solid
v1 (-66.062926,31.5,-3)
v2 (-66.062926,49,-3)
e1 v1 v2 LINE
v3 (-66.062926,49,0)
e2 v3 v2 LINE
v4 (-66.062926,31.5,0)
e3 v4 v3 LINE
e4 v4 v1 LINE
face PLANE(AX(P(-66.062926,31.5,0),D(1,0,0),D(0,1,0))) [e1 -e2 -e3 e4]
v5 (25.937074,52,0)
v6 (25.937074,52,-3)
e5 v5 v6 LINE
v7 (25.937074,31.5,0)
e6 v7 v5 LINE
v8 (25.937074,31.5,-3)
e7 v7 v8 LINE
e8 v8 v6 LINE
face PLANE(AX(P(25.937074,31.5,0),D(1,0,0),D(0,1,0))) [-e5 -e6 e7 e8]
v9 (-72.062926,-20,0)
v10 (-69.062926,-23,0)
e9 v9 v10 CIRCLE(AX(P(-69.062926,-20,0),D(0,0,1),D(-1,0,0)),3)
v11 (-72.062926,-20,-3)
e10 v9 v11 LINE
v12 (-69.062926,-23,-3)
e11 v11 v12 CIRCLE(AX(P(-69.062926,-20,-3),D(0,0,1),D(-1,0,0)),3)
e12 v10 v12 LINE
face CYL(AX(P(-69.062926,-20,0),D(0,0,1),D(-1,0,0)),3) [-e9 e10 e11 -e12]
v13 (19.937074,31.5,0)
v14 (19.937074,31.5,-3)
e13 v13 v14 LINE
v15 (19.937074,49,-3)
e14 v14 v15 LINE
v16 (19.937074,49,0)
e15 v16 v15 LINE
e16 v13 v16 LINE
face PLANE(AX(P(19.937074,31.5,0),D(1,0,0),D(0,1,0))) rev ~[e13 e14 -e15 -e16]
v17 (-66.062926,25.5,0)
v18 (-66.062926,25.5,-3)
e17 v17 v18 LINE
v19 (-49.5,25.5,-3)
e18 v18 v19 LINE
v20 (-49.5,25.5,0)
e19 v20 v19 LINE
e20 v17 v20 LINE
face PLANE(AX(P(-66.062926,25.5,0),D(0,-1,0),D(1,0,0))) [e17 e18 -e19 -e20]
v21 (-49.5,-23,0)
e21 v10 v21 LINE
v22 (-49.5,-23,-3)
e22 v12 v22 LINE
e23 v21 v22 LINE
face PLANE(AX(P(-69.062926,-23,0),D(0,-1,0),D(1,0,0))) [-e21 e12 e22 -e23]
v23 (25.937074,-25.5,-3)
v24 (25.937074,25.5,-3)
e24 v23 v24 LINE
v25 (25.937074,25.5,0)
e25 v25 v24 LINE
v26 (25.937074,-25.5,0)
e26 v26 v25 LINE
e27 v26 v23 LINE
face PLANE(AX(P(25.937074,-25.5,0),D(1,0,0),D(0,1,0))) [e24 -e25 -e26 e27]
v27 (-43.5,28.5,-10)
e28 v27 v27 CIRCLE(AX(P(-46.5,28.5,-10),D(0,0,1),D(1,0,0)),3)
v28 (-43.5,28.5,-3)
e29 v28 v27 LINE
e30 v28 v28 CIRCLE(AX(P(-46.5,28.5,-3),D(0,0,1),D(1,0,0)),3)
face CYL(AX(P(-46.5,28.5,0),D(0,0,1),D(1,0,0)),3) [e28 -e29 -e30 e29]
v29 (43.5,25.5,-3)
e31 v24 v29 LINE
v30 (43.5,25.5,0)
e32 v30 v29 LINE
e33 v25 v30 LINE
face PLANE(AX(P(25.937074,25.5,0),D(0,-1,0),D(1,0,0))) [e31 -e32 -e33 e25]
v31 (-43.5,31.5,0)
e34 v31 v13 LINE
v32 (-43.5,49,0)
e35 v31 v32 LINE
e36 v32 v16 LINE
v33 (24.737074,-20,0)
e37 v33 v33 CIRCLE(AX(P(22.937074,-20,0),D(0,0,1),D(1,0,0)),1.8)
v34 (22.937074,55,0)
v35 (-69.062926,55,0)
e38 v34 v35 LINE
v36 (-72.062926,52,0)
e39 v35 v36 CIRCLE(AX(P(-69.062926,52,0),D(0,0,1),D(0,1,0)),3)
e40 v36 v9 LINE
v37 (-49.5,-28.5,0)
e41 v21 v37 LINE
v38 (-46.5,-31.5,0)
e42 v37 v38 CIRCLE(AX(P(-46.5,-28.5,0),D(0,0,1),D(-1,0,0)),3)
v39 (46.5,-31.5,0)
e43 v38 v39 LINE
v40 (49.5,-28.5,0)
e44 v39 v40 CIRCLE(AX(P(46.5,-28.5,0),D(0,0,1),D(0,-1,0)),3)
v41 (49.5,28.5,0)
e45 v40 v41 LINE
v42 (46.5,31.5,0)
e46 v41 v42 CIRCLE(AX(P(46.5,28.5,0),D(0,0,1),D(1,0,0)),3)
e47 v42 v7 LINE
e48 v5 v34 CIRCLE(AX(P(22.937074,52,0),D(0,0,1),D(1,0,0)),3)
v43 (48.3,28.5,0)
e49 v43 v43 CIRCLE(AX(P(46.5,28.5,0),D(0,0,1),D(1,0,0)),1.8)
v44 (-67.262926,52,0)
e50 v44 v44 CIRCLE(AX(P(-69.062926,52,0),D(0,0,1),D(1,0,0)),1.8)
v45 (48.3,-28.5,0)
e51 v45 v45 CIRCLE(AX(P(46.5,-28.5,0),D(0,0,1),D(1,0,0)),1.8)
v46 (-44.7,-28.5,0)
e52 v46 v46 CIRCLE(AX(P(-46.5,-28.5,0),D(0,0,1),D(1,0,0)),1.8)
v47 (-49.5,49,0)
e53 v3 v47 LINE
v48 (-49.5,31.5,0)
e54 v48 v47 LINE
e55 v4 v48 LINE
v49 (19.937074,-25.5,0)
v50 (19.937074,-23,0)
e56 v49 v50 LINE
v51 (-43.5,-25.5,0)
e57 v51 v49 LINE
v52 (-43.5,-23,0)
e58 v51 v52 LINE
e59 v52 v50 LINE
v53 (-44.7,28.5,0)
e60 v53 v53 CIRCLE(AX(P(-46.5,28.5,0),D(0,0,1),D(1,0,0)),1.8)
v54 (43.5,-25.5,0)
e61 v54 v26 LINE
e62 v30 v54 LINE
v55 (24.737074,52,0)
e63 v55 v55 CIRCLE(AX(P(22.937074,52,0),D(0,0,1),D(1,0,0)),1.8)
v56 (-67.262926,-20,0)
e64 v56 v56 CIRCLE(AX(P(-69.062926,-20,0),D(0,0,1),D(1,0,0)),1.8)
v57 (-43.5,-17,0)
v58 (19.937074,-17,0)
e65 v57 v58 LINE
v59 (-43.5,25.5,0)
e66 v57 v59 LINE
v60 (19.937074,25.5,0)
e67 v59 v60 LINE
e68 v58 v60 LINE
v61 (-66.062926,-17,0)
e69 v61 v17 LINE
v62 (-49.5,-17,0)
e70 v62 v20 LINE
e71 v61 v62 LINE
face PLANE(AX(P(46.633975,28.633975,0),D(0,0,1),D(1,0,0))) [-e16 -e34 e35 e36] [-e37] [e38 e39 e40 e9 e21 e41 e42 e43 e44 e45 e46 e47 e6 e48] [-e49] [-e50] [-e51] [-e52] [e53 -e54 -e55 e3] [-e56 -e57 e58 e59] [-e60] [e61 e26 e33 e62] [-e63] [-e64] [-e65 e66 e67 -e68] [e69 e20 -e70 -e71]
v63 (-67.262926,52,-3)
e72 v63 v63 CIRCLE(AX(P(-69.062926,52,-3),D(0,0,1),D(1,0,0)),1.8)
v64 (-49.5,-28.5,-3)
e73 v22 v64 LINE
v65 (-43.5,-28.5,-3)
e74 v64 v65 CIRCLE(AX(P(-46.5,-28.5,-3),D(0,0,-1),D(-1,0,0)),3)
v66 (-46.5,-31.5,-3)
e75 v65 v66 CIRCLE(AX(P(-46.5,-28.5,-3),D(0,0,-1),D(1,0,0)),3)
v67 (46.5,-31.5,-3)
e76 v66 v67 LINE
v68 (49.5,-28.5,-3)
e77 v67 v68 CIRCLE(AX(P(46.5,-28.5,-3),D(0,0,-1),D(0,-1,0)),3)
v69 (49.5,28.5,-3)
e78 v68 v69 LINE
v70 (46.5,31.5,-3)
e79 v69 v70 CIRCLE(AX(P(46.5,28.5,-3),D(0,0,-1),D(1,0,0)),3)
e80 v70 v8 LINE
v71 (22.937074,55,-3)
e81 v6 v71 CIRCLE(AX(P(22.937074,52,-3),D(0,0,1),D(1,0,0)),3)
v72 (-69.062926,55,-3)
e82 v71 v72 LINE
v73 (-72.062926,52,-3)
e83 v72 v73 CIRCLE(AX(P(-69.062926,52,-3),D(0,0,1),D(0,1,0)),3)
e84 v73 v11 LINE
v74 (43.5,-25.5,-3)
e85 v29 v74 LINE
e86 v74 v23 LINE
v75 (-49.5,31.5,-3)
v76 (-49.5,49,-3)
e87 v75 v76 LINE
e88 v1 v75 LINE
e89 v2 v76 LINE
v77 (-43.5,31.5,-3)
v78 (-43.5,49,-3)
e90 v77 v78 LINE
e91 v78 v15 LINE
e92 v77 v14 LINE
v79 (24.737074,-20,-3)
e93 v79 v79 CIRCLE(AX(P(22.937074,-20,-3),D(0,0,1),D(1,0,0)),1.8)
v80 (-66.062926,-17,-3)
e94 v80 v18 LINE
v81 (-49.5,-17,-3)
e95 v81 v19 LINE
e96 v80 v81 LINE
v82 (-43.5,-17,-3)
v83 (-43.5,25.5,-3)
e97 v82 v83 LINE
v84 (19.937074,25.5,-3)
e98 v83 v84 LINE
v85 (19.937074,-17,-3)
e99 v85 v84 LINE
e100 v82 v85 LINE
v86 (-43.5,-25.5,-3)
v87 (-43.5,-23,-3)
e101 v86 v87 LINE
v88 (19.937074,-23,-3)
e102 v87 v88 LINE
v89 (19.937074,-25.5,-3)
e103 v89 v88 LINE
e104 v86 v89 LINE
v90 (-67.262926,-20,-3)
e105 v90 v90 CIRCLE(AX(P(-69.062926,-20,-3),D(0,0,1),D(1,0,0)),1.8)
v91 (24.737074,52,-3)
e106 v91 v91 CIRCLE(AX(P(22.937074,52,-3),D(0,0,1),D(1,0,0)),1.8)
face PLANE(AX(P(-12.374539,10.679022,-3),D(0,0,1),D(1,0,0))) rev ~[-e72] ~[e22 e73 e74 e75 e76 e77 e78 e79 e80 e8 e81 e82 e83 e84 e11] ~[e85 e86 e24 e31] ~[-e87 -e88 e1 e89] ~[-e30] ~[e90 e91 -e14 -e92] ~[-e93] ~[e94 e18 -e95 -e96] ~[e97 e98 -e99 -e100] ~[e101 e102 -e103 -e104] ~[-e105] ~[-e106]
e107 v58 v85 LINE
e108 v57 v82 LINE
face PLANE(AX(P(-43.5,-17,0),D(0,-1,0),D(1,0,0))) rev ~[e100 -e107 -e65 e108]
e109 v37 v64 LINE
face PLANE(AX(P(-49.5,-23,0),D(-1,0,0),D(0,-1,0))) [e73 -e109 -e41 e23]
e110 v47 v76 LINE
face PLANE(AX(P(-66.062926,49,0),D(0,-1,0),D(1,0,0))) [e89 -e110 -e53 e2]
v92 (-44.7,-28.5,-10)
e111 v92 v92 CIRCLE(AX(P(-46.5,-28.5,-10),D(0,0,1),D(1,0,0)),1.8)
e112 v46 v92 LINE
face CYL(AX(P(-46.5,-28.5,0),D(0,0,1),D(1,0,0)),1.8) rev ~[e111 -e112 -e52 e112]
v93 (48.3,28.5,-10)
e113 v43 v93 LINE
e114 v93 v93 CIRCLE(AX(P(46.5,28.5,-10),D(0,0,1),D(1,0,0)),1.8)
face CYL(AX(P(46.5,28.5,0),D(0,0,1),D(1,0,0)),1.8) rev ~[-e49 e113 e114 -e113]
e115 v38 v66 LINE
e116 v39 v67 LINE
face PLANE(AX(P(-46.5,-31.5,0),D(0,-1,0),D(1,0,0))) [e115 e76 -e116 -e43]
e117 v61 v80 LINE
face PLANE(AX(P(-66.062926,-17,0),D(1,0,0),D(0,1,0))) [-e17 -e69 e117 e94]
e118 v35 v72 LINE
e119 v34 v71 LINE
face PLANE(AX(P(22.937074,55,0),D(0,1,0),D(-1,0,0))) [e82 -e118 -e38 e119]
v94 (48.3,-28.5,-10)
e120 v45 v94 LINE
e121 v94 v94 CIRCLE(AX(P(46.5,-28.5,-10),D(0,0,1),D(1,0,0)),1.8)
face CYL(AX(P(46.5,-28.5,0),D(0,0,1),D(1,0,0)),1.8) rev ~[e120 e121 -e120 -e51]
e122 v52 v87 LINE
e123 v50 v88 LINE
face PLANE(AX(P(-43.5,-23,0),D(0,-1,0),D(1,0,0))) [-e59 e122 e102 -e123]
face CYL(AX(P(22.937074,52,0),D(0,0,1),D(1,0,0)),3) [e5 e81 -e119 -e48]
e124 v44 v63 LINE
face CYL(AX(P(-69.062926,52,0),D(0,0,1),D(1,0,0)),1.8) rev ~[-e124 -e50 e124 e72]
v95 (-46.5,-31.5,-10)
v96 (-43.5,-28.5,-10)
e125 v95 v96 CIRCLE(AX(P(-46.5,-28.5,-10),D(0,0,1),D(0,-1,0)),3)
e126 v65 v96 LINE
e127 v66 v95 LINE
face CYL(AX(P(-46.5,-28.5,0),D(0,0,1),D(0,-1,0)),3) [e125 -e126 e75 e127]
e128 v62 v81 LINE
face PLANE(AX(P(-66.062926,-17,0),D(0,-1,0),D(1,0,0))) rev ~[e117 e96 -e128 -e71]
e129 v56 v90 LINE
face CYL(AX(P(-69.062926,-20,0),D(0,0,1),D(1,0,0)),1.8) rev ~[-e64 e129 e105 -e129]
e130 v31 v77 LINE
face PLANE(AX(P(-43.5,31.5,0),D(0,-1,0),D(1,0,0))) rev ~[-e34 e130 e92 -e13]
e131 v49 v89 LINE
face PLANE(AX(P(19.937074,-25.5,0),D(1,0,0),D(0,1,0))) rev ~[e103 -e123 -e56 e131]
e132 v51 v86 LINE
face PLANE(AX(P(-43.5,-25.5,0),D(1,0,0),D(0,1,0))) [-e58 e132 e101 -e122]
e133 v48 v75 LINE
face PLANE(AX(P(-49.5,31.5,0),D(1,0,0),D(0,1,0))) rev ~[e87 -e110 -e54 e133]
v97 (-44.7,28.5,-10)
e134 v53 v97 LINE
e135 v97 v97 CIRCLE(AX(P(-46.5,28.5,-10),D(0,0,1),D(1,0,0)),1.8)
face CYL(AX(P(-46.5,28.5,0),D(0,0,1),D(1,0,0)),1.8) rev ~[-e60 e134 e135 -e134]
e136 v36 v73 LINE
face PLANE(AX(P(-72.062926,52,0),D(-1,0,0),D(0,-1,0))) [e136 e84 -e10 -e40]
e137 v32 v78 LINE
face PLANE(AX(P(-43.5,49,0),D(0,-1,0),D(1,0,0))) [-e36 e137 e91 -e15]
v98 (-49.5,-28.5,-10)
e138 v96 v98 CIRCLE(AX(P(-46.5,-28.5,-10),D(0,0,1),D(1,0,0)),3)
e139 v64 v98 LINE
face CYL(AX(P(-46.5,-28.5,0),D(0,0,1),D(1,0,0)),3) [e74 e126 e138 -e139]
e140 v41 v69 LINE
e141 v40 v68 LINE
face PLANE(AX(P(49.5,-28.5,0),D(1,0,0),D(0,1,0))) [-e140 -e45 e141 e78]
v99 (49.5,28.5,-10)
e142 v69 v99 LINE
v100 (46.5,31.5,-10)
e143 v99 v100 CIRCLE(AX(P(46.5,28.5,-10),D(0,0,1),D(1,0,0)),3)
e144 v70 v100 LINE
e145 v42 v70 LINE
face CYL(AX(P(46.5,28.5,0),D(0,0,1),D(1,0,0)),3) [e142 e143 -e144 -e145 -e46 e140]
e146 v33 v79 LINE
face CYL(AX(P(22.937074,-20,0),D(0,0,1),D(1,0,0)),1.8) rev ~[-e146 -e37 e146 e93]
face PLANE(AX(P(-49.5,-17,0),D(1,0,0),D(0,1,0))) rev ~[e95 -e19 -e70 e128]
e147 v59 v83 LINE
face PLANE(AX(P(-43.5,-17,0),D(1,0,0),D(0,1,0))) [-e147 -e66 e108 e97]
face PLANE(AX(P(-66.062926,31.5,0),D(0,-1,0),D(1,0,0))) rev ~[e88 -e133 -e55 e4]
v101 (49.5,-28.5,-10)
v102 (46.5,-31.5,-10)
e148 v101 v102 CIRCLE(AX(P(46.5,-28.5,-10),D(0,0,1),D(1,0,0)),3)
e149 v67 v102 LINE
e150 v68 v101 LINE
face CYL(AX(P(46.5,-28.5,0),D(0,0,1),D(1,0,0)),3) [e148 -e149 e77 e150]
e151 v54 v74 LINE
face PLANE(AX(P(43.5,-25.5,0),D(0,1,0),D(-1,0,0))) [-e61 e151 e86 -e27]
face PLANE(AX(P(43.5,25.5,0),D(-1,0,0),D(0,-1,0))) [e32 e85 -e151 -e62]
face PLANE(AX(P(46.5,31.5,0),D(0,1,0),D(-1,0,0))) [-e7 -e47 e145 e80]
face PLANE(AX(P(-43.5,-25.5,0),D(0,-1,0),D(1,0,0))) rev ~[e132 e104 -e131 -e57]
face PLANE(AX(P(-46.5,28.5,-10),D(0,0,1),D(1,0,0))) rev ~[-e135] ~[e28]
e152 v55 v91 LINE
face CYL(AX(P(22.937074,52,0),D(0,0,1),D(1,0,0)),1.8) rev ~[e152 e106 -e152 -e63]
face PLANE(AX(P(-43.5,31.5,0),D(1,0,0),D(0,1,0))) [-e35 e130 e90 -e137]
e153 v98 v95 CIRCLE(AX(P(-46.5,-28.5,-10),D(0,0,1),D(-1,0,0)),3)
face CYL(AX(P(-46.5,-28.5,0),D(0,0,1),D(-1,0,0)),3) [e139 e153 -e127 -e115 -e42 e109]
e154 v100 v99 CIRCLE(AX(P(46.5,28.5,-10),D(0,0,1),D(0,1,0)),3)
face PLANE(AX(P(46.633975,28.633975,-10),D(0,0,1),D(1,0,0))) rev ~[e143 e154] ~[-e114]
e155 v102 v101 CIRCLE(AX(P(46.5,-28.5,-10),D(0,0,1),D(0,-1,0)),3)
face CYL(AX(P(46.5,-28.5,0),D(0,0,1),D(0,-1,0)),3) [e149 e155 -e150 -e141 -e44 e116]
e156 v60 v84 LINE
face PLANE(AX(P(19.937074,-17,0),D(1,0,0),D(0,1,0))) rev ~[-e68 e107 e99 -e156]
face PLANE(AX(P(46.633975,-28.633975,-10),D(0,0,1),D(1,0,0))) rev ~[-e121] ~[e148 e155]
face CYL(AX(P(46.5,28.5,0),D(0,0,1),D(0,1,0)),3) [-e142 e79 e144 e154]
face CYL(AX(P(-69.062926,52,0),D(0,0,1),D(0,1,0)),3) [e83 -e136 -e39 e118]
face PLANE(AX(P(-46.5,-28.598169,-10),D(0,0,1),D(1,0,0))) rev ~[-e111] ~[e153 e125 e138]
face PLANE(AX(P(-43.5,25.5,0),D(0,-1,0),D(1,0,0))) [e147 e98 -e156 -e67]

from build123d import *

# Parameters (mm, degrees)
F0_W     = 63.4370741248
F0_H     = 2.5
F0_W_2   = 16.5629258752
F0_H_2   = 42.5
F0_R     = 3
F0_H_3   = 17.5
F0_R_2   = 1.8
F1_DEPTH = 3
F2_DEPTH = 10


with BuildPart() as f1:
    # F0 (on Top) → F1 (new body)
    with BuildSketch(Plane.XY):
        with BuildLine():
            ThreePointArc((-49.5, -28.5), (-46.5, -25.5), (-43.5, -28.5))
            ThreePointArc((-43.5, -28.5), (-44.3786796564, -30.6213203436), (-46.5, -31.5))
            Line((-46.5, -31.5), (19.9370741248, -31.5))
            Line((19.9370741248, -31.5), (25.9370741248, -31.5))
            Line((25.9370741248, -31.5), (46.5, -31.5))
            ThreePointArc((46.5, -31.5), (44.3786796564, -26.3786796564), (49.5, -28.5))
            Line((49.5, -28.5), (49.5, 28.5))
            ThreePointArc((49.5, 28.5), (44.3786796564, 26.3786796564), (46.5, 31.5))
            Line((46.5, 31.5), (25.9370741248, 31.5))
            Line((25.9370741248, 31.5), (25.9370741248, 52))
            ThreePointArc((25.9370741248, 52), (20.8157537813, 49.8786796564), (22.9370741248, 55))
            Line((22.9370741248, 55), (-69.0629258752, 55))
            ThreePointArc((-69.0629258752, 55), (-66.9416055316, 54.1213203436), (-66.0629258752, 52))
            ThreePointArc((-66.0629258752, 52), (-69.0629258752, 49), (-72.0629258752, 52))
            Line((-72.0629258752, 52), (-72.0629258752, -20))
            ThreePointArc((-72.0629258752, -20), (-69.0629258752, -17), (-66.0629258752, -20))
            ThreePointArc((-66.0629258752, -20), (-66.9416055316, -22.1213203436), (-69.0629258752, -23))
            Line((-69.0629258752, -23), (-49.5, -23))
            Line((-49.5, -23), (-49.5, -28.5))
        make_face()
        with Locations((-11.7814629376, -24.25)):
            Rectangle(F0_W, F0_H, mode=Mode.SUBTRACT)
        with Locations((-57.7814629376, 4.25)):
            Rectangle(F0_W_2, F0_H_2, mode=Mode.SUBTRACT)
        with Locations((-11.7814629376, 4.25)):
            Rectangle(F0_W, F0_H_2, mode=Mode.SUBTRACT)
        with Locations((22.9370741248, -20)):
            Circle(F0_R, mode=Mode.SUBTRACT)
        Polygon((25.9370741248, -25.5), (25.9370741248, -20), (25.9370741248, 25.5), (43.5, 25.5), (43.5, -25.5), align=None, mode=Mode.SUBTRACT)
        with Locations((-46.5, 28.5)):
            Circle(F0_R, mode=Mode.SUBTRACT)
        with Locations((-57.7814629376, 40.25)):
            Rectangle(F0_W_2, F0_H_3, mode=Mode.SUBTRACT)
        with Locations((-11.7814629376, 40.25)):
            Rectangle(F0_W, F0_H_3, mode=Mode.SUBTRACT)
        with BuildLine():
            ThreePointArc((-72.0629258752, -20), (-71.1842462187, -22.1213203436), (-69.0629258752, -23))
            ThreePointArc((-69.0629258752, -23), (-66.9416055316, -22.1213203436), (-66.0629258752, -20))
            ThreePointArc((-66.0629258752, -20), (-69.0629258752, -17), (-72.0629258752, -20))
        make_face()
        with Locations((-69.0629258752, -20)):
            Circle(F0_R_2, mode=Mode.SUBTRACT)
        with Locations((22.9370741248, -20)):
            Circle(F0_R)
        with Locations((22.9370741248, -20)):
            Circle(F0_R_2, mode=Mode.SUBTRACT)
        with BuildLine():
            ThreePointArc((25.9370741248, 52), (25.0583944684, 54.1213203436), (22.9370741248, 55))
            ThreePointArc((22.9370741248, 55), (20.8157537813, 49.8786796564), (25.9370741248, 52))
        make_face()
        with Locations((22.9370741248, 52)):
            Circle(F0_R_2, mode=Mode.SUBTRACT)
        with BuildLine():
            ThreePointArc((-69.0629258752, 55), (-71.1842462187, 54.1213203436), (-72.0629258752, 52))
            ThreePointArc((-72.0629258752, 52), (-69.0629258752, 49), (-66.0629258752, 52))
            ThreePointArc((-66.0629258752, 52), (-66.9416055316, 54.1213203436), (-69.0629258752, 55))
        make_face()
        with Locations((-69.0629258752, 52)):
            Circle(F0_R_2, mode=Mode.SUBTRACT)
    extrude(amount=-F1_DEPTH)

    # F0 (on Top) → F2 (join)
    with BuildSketch(Plane.XY):
        with BuildLine():
            ThreePointArc((46.5, 31.5), (44.3786796564, 26.3786796564), (49.5, 28.5))
            ThreePointArc((49.5, 28.5), (48.6213203436, 30.6213203436), (46.5, 31.5))
        make_face()
        with Locations((46.5, 28.5)):
            Circle(F0_R_2, mode=Mode.SUBTRACT)
        with BuildLine():
            ThreePointArc((49.5, -28.5), (44.3786796564, -26.3786796564), (46.5, -31.5))
            ThreePointArc((46.5, -31.5), (48.6213203436, -30.6213203436), (49.5, -28.5))
        make_face()
        with Locations((46.5, -28.5)):
            Circle(F0_R_2, mode=Mode.SUBTRACT)
        with BuildLine():
            ThreePointArc((-46.5, -31.5), (-44.3786796564, -30.6213203436), (-43.5, -28.5))
            ThreePointArc((-43.5, -28.5), (-46.5, -25.5), (-49.5, -28.5))
            ThreePointArc((-49.5, -28.5), (-48.6213203436, -30.6213203436), (-46.5, -31.5))
        make_face()
        with Locations((-46.5, -28.5)):
            Circle(F0_R_2, mode=Mode.SUBTRACT)
        with Locations((-46.5, 28.5)):
            Circle(F0_R)
        with Locations((-46.5, 28.5)):
            Circle(F0_R_2, mode=Mode.SUBTRACT)
    extrude(amount=-F2_DEPTH)


solid = f1.part
